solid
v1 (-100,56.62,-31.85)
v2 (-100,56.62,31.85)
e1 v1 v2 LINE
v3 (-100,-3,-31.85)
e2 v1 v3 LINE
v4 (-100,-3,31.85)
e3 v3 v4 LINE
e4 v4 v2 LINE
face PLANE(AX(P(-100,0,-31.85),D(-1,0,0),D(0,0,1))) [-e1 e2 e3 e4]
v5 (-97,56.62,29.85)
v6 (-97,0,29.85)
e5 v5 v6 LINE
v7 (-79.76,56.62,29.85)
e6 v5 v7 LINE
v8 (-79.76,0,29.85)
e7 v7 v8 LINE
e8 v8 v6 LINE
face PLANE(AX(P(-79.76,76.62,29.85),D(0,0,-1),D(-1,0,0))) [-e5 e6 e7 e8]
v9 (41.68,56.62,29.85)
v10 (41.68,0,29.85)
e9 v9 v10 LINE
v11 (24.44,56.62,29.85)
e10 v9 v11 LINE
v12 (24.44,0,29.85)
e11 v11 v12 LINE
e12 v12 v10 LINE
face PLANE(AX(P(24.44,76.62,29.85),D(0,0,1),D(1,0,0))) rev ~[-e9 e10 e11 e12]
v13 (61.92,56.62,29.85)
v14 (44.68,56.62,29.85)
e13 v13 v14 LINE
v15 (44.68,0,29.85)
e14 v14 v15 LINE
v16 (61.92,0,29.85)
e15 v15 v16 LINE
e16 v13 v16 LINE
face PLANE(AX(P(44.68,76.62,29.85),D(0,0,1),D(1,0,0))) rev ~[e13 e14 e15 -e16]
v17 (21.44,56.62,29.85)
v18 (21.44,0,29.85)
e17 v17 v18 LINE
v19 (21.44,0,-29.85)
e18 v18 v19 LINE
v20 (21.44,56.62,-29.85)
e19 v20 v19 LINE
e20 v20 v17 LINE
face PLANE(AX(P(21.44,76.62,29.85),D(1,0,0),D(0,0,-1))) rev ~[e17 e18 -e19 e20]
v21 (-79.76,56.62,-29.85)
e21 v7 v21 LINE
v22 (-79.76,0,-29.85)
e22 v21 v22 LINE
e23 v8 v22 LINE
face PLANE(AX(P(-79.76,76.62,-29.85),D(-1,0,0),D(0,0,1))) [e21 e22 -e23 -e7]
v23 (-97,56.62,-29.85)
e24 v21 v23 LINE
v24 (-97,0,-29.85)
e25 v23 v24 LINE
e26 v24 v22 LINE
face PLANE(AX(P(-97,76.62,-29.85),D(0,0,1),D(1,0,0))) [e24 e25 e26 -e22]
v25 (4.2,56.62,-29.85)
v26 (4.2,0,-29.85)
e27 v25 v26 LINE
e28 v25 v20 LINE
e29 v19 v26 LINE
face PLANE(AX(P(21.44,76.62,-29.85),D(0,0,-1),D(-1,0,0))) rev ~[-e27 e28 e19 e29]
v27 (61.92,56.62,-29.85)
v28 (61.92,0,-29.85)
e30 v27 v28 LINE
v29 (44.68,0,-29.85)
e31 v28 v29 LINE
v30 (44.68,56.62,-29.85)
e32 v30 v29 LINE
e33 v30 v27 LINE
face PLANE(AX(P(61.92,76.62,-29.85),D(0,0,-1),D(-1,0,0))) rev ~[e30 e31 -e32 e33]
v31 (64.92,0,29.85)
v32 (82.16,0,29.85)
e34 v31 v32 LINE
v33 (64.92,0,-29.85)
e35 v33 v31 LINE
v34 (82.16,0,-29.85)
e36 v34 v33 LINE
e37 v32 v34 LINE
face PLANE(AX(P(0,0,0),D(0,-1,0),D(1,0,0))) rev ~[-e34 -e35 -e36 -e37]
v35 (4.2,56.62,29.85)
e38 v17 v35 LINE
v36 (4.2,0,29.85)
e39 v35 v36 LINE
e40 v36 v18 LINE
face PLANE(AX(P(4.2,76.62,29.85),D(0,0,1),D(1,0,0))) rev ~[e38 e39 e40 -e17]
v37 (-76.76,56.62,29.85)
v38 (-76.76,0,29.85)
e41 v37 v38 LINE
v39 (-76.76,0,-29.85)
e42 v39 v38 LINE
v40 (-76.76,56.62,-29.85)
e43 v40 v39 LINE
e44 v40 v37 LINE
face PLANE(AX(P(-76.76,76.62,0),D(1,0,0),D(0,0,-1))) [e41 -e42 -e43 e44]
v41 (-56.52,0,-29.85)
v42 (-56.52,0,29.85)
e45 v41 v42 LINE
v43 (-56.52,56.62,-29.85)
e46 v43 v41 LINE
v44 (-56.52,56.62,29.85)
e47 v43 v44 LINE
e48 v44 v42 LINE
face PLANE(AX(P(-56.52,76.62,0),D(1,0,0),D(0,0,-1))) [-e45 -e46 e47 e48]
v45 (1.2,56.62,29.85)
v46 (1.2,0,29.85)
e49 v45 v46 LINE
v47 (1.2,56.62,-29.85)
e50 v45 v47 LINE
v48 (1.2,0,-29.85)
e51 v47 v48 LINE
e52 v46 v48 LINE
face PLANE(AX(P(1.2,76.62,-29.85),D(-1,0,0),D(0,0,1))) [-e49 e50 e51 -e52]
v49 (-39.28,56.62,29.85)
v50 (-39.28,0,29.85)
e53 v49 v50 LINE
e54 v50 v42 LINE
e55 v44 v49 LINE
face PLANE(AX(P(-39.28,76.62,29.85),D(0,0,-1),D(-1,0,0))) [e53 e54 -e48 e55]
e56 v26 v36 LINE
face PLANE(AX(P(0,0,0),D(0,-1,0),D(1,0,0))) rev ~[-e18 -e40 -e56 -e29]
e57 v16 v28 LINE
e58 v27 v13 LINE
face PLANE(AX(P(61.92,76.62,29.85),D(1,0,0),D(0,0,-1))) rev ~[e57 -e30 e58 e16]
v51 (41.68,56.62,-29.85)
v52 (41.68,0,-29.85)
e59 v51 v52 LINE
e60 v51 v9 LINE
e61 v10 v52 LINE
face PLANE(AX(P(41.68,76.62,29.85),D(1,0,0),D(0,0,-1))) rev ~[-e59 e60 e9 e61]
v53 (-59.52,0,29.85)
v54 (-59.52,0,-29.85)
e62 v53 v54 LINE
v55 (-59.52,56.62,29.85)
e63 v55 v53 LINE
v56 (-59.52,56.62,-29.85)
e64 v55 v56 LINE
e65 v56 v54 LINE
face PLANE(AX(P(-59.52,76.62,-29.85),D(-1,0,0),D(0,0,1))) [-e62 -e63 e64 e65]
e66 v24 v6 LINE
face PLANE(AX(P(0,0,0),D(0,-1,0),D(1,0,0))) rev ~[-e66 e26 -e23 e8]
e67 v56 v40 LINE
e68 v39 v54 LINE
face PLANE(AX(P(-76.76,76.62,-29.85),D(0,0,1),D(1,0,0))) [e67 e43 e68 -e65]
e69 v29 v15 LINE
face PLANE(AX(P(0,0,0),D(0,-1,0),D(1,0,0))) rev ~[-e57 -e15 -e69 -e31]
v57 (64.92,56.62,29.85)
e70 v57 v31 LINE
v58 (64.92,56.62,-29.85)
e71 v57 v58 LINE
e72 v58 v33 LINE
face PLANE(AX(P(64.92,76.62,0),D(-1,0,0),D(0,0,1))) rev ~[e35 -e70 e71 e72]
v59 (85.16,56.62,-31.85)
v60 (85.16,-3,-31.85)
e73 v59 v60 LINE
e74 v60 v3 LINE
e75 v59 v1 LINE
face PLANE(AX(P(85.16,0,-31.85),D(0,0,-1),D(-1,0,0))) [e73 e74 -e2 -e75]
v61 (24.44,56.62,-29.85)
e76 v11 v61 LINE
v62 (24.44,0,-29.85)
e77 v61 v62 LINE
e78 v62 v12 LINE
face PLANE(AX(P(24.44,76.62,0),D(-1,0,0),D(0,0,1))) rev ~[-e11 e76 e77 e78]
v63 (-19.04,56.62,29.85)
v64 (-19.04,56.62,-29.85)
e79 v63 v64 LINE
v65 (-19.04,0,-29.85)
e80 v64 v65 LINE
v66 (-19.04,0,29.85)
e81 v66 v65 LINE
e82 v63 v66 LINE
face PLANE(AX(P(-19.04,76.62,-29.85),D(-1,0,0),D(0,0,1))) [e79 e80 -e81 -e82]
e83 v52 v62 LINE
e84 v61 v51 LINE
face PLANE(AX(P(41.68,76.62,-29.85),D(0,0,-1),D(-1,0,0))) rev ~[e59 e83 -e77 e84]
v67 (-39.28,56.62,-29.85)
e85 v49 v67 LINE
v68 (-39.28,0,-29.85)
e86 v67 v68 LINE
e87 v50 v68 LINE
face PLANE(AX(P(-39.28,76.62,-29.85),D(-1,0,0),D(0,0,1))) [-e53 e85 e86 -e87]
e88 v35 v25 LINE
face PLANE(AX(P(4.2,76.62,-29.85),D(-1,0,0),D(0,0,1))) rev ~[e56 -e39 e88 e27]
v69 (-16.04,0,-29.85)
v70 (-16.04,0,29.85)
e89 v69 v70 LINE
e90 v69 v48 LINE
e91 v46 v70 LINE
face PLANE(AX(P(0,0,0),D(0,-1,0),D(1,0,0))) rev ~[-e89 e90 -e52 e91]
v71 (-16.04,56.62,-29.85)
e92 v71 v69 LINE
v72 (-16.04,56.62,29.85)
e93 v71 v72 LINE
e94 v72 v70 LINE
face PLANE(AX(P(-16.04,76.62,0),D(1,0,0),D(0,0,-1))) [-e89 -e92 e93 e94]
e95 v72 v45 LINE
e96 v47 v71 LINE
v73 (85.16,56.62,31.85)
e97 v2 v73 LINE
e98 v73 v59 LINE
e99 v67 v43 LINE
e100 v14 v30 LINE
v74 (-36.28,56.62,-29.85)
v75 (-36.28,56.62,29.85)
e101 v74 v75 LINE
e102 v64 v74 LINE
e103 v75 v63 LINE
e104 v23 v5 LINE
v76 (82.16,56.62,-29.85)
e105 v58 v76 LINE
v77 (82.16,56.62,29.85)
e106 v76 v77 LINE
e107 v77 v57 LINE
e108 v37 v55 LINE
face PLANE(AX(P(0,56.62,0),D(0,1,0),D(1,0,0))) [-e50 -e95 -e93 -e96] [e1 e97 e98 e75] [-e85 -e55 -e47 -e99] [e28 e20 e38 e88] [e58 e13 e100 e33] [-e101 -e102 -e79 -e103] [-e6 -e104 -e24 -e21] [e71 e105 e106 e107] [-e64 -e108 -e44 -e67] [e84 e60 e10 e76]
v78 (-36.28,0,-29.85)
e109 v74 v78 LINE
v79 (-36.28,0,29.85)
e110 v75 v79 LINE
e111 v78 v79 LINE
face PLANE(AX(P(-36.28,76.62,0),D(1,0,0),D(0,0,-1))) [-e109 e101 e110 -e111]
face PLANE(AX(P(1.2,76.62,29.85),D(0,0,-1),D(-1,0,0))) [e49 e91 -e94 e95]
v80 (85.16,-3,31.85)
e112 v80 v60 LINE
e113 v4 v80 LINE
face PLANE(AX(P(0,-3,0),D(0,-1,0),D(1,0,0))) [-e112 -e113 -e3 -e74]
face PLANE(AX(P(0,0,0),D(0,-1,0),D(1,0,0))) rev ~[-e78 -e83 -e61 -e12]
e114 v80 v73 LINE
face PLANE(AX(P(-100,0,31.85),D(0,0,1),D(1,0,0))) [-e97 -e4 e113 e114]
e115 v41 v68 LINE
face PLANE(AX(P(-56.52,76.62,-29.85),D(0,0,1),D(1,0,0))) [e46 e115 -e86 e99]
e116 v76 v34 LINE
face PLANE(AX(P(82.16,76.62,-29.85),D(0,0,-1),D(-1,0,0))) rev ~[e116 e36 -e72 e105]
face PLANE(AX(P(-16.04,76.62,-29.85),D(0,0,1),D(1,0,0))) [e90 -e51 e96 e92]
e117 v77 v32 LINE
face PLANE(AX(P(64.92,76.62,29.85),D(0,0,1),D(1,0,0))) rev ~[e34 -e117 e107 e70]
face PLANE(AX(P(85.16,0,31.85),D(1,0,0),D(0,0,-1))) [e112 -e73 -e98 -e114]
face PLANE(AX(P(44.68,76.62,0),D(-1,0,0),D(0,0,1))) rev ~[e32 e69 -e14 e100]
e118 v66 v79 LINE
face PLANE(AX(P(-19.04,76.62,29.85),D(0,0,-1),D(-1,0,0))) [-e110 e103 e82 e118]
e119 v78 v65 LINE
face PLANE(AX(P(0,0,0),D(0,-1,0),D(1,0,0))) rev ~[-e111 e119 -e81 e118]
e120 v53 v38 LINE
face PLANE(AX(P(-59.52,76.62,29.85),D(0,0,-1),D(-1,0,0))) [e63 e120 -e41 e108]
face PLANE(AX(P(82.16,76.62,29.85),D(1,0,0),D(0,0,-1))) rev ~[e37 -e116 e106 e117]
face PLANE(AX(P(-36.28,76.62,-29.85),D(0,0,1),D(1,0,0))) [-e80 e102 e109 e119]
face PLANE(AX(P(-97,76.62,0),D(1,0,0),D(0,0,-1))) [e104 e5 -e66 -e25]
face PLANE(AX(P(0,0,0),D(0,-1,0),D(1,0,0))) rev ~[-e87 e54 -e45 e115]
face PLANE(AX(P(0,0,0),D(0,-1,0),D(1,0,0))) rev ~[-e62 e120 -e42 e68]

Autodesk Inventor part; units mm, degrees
ref_plane "YZ Plane" through (0, 0, 0) normal (1, 0, 0) x (0, 1, 0)
ref_plane "XZ Plane" through (0, 0, 0) normal (0, 1, 0) x (-1, 0, 0)
ref_plane "XY Plane" through (0, 0, 0) normal (0, 0, 1) x (1, 0, 0)
sketch "Boceto1" plane through (0, 0, 0) normal (0, 1, 0) x (-1, 0, 0)
  line L0 (0, 0) -> (100, 0)
  line L1 (100, 0) -> (100, -31.85)
  line L2 (100, -31.85) -> (-100, -31.85)
  line L3 (-100, -31.85) -> (-100, 31.85)
  line L4 (-100, 31.85) -> (100, 31.85)
  line L5 (100, 31.85) -> (100, -31.85)
  dimension "d0" = 100
  dimension "d1" = 31.85
  dimension "d2" = 200
  dimension "d3" = 63.7
extrude "Extrusión1" add sketch "Boceto1" along normal blind 76.62
sketch "Boceto2" plane through (0, 76.62, 0) normal (0, 1, 0) x (1, 0, 0)
  line L0 (-100, 31.85) -> (-100, -31.85) projected
  line L1 (-100, 0) -> (-97, 0)
  line L2 (-97, 0) -> (-97, 29.85)
  line L3 (-97, 29.85) -> (-79.76, 29.85)
  line L4 (-97, 29.85) -> (-79.76, 29.85)
  line L5 (-79.76, 29.85) -> (-79.76, -29.85)
  line L6 (-79.76, -29.85) -> (-97, -29.85)
  line L7 (-97, -29.85) -> (-97, 29.85)
  line L8 (-79.76, 0) -> (-76.76, 0)
  line L9 (-76.76, 0) -> (-76.76, 29.85)
  line L10 (-76.76, 29.85) -> (-59.52, 29.85)
  line L11 (-59.52, 29.85) -> (-59.52, -29.85)
  line L12 (-59.52, -29.85) -> (-76.76, -29.85)
  line L13 (-76.76, -29.85) -> (-76.76, 29.85)
  line L14 (-59.52, 0) -> (-56.52, 0)
  line L15 (-56.52, 0) -> (-56.52, 29.85)
  line L16 (-56.52, 29.85) -> (-39.28, 29.85)
  line L17 (-39.28, 29.85) -> (-39.28, -29.85)
  line L18 (-39.28, -29.85) -> (-56.52, -29.85)
  line L19 (-56.52, -29.85) -> (-56.52, 29.85)
  line L20 (-39.28, 0) -> (-36.28, 0)
  line L21 (-36.28, 0) -> (-36.28, 29.85)
  line L22 (-36.28, 29.85) -> (-19.04, 29.85)
  line L23 (-19.04, 29.85) -> (-19.04, -29.85)
  line L24 (-19.04, -29.85) -> (-36.28, -29.85)
  line L25 (-36.28, -29.85) -> (-36.28, 29.85)
  line L26 (-19.04, 0) -> (-16.04, 0)
  line L27 (-16.04, 0) -> (-16.04, 29.85)
  line L28 (-16.04, 29.85) -> (1.2, 29.85)
  line L29 (1.2, 29.85) -> (1.2, -29.85)
  line L30 (1.2, -29.85) -> (-16.04, -29.85)
  line L31 (-16.04, -29.85) -> (-16.04, 29.85)
  line L32 (1.2, 0) -> (2.7, 0)
  line L33 (2.7, 0) -> (2.7, 9.0784)
  line L34 (82.16, 0) -> (82.16, 29.85)
  line L35 (82.16, 29.85) -> (64.92, 29.85)
  line L36 (64.92, 29.85) -> (64.92, -29.85)
  line L37 (64.92, -29.85) -> (82.16, -29.85)
  line L38 (82.16, -29.85) -> (82.16, 29.85)
  line L39 (64.92, 0) -> (61.92, 0)
  line L40 (61.92, 0) -> (61.92, 29.85)
  line L41 (61.92, 29.85) -> (44.68, 29.85)
  line L42 (44.68, 29.85) -> (44.68, -29.85)
  line L43 (44.68, -29.85) -> (61.92, -29.85)
  line L44 (61.92, -29.85) -> (61.92, 29.85)
  line L45 (44.68, 0) -> (41.68, 0)
  line L46 (41.68, 0) -> (41.68, 29.85)
  line L47 (41.68, 29.85) -> (24.44, 29.85)
  line L48 (24.44, 29.85) -> (24.44, -29.85)
  line L49 (24.44, -29.85) -> (41.68, -29.85)
  line L50 (41.68, -29.85) -> (41.68, 29.85)
  line L51 (24.44, 0) -> (21.44, 0)
  line L52 (21.44, 0) -> (21.44, 29.85)
  line L53 (21.44, 29.85) -> (4.2, 29.85)
  line L54 (4.2, 29.85) -> (4.2, -29.85)
  line L55 (4.2, -29.85) -> (21.44, -29.85)
  line L56 (21.44, -29.85) -> (21.44, 29.85)
  line L57 (82.16, 0) -> (85.16, 0)
  line L58 (85.16, 0) -> (85.16, 31.85)
  line L59 (100, -31.85) -> (100, 31.85) projected
  line L60 (85.16, 31.85) -> (100, 31.85)
  line L61 (100, 31.85) -> (100, -31.85)
  line L62 (100, -31.85) -> (85.16, -31.85)
  line L63 (85.16, -31.85) -> (85.16, 31.85)
  point P0 (0, 0)
  point P1 (5.4, 0)
  point P2 (4.2, 0)
  dimension "d6" = 3
  dimension "d7" = 29.85
  dimension "d8" = 17.24
  dimension "d9" = 17.24
  dimension "d10" = 59.7
  dimension "d11" = 3
  dimension "d12" = 17.24
  dimension "d13" = 59.7
  dimension "d14" = 3
  dimension "d15" = 17.24
  dimension "d16" = 59.7
  dimension "d17" = 3
  dimension "d18" = 17.24
  dimension "d19" = 59.7
  dimension "d20" = 3
  dimension "d21" = 17.24
  dimension "d22" = 59.7
  dimension "d23" = 1.5
  dimension "d24" = 3
extrude "Extrusión2" cut sketch "Boceto2" against normal blind 76.62
sketch "Boceto3" plane through (64.92, 76.62, 29.85) normal (1, 0, 0) x (0, 0, -1)
  line L0 (-2, 0) -> (61.7, 0) projected
  line L1 (-2, 0) -> (29.85, 0)
  line L2 (29.85, 0) -> (19.85, 0)
  point P0 (29.85, -76.62)
  dimension "d27" = 31.85
  dimension "d28" = 10
sketch "Boceto4" plane through (0, 0, 0) normal (0, -1, 0) x (1, 0, 0)
  line L0 (-100, -31.85) -> (-100, 31.85) projected
  line L1 (-100, 31.85) -> (85.16, 31.85)
  line L2 (85.16, 31.85) -> (85.16, -31.85)
  line L3 (85.16, -31.85) -> (-100, -31.85)
  line L4 (-100, -31.85) -> (-100, 31.85)
  point P0 (0, 0)
extrude "Extrusión3" add sketch "Boceto4" along normal blind 3
sketch "Boceto5" plane through (0, 76.62, 0) normal (0, 1, 0) x (1, 0, 0)
  line L0 (85.16, -31.85) -> (85.16, 31.85) projected
  line L1 (-100, -31.85) -> (85.16, -31.85)
  line L2 (85.16, -31.85) -> (85.16, 31.85)
  line L3 (85.16, 31.85) -> (-100, 31.85)
  line L4 (-100, 31.85) -> (-100, -31.85)
  point P0 (0, 0)
extrude "Extrusión4" cut sketch "Boceto5" against normal blind 20
sketch "Boceto6" plane through (85.16, -3, -31.85) normal (0, 0, -1) x (-1, 0, 0)
  point P0 (85.16, 3)
equation "\"d3\" = 2 * d1"
equation "\"d9\" = d8"
equation "\"d10\" = 2 * d7"
equation "\"d12\" = d8"
equation "\"d13\" = 2 * d7"
equation "\"d15\" = d8"
equation "\"d16\" = 2 * d7"
equation "\"d18\" = d8"
equation "\"d19\" = 2 * d7"
equation "\"d21\" = d8"
equation "\"d22\" = 2 * d7"
properties part number "Base_Principal"
